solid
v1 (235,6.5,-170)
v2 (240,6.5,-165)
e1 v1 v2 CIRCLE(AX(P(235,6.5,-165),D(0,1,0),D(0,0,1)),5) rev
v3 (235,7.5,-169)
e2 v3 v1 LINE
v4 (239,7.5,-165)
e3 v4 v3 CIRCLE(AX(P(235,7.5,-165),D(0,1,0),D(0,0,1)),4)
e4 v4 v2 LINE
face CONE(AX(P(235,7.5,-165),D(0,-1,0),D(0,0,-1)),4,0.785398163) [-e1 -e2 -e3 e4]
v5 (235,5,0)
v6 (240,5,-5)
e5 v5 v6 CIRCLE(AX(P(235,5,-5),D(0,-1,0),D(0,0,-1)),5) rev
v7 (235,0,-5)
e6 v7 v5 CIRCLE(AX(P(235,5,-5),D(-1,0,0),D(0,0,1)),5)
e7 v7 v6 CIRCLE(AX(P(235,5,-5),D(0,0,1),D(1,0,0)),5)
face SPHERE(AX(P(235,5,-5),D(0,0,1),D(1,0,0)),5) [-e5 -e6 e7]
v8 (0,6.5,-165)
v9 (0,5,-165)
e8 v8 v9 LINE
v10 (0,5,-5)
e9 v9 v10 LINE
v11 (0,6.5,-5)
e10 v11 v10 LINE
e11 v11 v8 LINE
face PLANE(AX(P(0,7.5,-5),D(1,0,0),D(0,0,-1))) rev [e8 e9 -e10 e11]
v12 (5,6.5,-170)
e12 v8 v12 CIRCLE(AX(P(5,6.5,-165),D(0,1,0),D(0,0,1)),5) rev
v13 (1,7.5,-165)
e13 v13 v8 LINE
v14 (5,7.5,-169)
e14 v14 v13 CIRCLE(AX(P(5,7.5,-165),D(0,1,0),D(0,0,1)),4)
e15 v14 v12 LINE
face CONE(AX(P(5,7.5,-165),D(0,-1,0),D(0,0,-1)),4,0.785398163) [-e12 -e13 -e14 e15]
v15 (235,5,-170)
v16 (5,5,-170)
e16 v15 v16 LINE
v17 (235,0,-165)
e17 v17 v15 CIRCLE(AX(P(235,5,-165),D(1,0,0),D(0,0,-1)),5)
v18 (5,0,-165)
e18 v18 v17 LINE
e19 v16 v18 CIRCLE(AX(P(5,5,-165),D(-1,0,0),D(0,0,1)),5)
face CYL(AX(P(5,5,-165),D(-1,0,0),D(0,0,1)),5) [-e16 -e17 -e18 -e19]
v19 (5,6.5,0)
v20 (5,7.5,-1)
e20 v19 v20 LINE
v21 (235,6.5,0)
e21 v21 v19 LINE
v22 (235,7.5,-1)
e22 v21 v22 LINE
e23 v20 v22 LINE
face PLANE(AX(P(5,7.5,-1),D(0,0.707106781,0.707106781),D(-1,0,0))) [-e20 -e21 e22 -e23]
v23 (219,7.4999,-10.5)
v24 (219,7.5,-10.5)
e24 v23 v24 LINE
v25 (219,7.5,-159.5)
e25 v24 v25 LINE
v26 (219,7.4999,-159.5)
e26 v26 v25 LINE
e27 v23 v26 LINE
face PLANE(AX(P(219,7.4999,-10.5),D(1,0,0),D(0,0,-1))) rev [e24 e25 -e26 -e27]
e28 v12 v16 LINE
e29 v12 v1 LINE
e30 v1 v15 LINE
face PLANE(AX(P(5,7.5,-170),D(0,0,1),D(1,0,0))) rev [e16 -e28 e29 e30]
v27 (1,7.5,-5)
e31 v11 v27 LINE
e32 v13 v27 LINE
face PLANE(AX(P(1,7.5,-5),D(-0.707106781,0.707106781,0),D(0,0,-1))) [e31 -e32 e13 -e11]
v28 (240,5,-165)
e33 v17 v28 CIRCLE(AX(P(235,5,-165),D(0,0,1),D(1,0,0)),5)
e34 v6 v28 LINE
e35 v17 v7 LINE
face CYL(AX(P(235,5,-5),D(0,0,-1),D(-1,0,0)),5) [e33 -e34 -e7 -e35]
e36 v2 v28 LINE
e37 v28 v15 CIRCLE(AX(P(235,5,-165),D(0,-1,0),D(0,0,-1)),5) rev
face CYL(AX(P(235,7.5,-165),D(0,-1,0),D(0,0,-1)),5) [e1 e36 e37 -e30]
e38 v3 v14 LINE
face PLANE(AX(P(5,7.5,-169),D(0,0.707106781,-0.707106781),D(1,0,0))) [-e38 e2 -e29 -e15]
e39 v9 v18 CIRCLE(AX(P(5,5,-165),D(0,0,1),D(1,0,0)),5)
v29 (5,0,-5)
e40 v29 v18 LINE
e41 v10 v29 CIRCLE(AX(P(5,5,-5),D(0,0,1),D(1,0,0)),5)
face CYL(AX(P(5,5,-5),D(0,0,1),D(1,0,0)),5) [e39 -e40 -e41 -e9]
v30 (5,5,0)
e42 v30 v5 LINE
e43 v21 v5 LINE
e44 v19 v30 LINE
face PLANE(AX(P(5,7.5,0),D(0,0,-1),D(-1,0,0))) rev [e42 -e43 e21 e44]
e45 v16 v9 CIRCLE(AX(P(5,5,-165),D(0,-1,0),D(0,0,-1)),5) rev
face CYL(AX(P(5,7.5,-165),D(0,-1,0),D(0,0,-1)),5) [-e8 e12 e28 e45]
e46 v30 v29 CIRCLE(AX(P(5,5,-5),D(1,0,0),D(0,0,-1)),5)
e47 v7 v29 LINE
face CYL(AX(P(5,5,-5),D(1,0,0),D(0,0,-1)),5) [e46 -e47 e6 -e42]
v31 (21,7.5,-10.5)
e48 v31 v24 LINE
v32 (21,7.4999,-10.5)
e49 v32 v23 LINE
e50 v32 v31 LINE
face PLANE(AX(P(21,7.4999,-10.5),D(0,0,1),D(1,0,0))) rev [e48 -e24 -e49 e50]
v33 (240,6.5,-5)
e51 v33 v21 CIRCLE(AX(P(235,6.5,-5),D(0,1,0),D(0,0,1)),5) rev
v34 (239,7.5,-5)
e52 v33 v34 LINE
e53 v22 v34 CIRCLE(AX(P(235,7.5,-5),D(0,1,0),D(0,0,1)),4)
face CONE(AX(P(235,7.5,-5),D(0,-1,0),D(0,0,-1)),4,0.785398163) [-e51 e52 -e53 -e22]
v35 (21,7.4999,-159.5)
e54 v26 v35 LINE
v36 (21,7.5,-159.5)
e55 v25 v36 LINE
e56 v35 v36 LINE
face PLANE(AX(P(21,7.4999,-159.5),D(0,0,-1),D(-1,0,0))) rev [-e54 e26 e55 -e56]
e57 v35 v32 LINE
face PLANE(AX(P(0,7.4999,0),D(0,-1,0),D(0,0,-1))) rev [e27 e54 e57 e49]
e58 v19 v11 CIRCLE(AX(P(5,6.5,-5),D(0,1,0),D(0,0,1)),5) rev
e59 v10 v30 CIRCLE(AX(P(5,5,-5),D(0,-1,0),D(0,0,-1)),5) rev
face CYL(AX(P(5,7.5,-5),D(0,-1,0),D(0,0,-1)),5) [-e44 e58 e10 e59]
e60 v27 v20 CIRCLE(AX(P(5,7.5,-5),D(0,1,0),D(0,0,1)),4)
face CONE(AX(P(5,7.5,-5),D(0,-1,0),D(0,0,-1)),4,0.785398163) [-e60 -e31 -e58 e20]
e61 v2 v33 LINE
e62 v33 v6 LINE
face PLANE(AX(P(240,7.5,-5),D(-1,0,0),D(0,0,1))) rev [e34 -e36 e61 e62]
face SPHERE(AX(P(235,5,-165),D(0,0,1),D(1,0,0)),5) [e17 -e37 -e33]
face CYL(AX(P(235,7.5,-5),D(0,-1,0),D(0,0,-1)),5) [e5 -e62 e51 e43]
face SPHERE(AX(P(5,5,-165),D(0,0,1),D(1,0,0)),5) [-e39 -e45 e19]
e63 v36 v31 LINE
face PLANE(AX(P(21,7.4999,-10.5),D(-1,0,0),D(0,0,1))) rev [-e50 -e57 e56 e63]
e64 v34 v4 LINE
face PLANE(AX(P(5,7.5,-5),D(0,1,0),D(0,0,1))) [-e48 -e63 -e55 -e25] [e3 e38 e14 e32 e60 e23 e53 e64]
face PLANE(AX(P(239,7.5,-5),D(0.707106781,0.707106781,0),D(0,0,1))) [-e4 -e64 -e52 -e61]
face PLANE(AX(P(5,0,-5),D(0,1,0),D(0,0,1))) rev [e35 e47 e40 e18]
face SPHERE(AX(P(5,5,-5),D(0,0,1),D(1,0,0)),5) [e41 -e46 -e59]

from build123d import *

# Parameters (mm, degrees)
BOSS_EXTRUDE1_DEPTH = 7.5
FILLET1_R           = 5
CHAMFER1_SIZE       = 1
SKETCH2_W           = 198
SKETCH2_H           = 149
CUT_EXTRUDE1_DEPTH  = 0.0001


with BuildPart() as part:
    # Sketch1 → Boss-Extrude1 (new body)
    with BuildSketch(Plane(origin=(0, 0, 0), x_dir=(1, 0, 0), z_dir=(0, 1, 0))):
        with BuildLine():
            Line((5, 0), (235, 0))
            ThreePointArc((235, 0), (238.535533906, 1.464466094), (240, 5))
            Line((240, 5), (240, 165))
            ThreePointArc((240, 165), (238.535533906, 168.535533906), (235, 170))
            Line((235, 170), (5, 170))
            ThreePointArc((5, 170), (1.464466094, 168.535533906), (0, 165))
            Line((0, 165), (0, 5))
            ThreePointArc((0, 5), (1.464466094, 1.464466094), (5, 0))
        make_face()
    extrude(amount=BOSS_EXTRUDE1_DEPTH)

    # Fillet1
    fillet1_edges = [part.edges().sort_by_distance(p)[0] for p in [
        (120, 0, 0),
        (1.464466094, 0, -1.464466094),
        (0, 0, -85),
        (1.464466094, 0, -168.535533906),
        (120, 0, -170),
        (238.535533906, 0, -168.535533906),
        (240, 0, -85),
        (238.535533906, 0, -1.464466094),
    ]]
    fillet(fillet1_edges, radius=FILLET1_R)

    # Chamfer1
    chamfer1_edges = [part.edges().sort_by_distance(p)[0] for p in [
        (238.535533906, 7.5, -1.464466094),
        (240, 7.5, -85),
        (238.535533906, 7.5, -168.535533906),
        (120, 7.5, -170),
        (1.464466094, 7.5, -168.535533906),
        (0, 7.5, -85),
        (1.464466094, 7.5, -1.464466094),
        (120, 7.5, 0),
    ]]
    chamfer(chamfer1_edges, length=CHAMFER1_SIZE)

    # Sketch2 → Cut-Extrude1 (cut)
    with BuildSketch(Plane(origin=(0, 7.5, 0), x_dir=(1, 0, 0), z_dir=(0, 1, 0))):
        with Locations((120, 85)):
            Rectangle(SKETCH2_W, SKETCH2_H)
    extrude(amount=-CUT_EXTRUDE1_DEPTH, mode=Mode.SUBTRACT)


solid = part.part
